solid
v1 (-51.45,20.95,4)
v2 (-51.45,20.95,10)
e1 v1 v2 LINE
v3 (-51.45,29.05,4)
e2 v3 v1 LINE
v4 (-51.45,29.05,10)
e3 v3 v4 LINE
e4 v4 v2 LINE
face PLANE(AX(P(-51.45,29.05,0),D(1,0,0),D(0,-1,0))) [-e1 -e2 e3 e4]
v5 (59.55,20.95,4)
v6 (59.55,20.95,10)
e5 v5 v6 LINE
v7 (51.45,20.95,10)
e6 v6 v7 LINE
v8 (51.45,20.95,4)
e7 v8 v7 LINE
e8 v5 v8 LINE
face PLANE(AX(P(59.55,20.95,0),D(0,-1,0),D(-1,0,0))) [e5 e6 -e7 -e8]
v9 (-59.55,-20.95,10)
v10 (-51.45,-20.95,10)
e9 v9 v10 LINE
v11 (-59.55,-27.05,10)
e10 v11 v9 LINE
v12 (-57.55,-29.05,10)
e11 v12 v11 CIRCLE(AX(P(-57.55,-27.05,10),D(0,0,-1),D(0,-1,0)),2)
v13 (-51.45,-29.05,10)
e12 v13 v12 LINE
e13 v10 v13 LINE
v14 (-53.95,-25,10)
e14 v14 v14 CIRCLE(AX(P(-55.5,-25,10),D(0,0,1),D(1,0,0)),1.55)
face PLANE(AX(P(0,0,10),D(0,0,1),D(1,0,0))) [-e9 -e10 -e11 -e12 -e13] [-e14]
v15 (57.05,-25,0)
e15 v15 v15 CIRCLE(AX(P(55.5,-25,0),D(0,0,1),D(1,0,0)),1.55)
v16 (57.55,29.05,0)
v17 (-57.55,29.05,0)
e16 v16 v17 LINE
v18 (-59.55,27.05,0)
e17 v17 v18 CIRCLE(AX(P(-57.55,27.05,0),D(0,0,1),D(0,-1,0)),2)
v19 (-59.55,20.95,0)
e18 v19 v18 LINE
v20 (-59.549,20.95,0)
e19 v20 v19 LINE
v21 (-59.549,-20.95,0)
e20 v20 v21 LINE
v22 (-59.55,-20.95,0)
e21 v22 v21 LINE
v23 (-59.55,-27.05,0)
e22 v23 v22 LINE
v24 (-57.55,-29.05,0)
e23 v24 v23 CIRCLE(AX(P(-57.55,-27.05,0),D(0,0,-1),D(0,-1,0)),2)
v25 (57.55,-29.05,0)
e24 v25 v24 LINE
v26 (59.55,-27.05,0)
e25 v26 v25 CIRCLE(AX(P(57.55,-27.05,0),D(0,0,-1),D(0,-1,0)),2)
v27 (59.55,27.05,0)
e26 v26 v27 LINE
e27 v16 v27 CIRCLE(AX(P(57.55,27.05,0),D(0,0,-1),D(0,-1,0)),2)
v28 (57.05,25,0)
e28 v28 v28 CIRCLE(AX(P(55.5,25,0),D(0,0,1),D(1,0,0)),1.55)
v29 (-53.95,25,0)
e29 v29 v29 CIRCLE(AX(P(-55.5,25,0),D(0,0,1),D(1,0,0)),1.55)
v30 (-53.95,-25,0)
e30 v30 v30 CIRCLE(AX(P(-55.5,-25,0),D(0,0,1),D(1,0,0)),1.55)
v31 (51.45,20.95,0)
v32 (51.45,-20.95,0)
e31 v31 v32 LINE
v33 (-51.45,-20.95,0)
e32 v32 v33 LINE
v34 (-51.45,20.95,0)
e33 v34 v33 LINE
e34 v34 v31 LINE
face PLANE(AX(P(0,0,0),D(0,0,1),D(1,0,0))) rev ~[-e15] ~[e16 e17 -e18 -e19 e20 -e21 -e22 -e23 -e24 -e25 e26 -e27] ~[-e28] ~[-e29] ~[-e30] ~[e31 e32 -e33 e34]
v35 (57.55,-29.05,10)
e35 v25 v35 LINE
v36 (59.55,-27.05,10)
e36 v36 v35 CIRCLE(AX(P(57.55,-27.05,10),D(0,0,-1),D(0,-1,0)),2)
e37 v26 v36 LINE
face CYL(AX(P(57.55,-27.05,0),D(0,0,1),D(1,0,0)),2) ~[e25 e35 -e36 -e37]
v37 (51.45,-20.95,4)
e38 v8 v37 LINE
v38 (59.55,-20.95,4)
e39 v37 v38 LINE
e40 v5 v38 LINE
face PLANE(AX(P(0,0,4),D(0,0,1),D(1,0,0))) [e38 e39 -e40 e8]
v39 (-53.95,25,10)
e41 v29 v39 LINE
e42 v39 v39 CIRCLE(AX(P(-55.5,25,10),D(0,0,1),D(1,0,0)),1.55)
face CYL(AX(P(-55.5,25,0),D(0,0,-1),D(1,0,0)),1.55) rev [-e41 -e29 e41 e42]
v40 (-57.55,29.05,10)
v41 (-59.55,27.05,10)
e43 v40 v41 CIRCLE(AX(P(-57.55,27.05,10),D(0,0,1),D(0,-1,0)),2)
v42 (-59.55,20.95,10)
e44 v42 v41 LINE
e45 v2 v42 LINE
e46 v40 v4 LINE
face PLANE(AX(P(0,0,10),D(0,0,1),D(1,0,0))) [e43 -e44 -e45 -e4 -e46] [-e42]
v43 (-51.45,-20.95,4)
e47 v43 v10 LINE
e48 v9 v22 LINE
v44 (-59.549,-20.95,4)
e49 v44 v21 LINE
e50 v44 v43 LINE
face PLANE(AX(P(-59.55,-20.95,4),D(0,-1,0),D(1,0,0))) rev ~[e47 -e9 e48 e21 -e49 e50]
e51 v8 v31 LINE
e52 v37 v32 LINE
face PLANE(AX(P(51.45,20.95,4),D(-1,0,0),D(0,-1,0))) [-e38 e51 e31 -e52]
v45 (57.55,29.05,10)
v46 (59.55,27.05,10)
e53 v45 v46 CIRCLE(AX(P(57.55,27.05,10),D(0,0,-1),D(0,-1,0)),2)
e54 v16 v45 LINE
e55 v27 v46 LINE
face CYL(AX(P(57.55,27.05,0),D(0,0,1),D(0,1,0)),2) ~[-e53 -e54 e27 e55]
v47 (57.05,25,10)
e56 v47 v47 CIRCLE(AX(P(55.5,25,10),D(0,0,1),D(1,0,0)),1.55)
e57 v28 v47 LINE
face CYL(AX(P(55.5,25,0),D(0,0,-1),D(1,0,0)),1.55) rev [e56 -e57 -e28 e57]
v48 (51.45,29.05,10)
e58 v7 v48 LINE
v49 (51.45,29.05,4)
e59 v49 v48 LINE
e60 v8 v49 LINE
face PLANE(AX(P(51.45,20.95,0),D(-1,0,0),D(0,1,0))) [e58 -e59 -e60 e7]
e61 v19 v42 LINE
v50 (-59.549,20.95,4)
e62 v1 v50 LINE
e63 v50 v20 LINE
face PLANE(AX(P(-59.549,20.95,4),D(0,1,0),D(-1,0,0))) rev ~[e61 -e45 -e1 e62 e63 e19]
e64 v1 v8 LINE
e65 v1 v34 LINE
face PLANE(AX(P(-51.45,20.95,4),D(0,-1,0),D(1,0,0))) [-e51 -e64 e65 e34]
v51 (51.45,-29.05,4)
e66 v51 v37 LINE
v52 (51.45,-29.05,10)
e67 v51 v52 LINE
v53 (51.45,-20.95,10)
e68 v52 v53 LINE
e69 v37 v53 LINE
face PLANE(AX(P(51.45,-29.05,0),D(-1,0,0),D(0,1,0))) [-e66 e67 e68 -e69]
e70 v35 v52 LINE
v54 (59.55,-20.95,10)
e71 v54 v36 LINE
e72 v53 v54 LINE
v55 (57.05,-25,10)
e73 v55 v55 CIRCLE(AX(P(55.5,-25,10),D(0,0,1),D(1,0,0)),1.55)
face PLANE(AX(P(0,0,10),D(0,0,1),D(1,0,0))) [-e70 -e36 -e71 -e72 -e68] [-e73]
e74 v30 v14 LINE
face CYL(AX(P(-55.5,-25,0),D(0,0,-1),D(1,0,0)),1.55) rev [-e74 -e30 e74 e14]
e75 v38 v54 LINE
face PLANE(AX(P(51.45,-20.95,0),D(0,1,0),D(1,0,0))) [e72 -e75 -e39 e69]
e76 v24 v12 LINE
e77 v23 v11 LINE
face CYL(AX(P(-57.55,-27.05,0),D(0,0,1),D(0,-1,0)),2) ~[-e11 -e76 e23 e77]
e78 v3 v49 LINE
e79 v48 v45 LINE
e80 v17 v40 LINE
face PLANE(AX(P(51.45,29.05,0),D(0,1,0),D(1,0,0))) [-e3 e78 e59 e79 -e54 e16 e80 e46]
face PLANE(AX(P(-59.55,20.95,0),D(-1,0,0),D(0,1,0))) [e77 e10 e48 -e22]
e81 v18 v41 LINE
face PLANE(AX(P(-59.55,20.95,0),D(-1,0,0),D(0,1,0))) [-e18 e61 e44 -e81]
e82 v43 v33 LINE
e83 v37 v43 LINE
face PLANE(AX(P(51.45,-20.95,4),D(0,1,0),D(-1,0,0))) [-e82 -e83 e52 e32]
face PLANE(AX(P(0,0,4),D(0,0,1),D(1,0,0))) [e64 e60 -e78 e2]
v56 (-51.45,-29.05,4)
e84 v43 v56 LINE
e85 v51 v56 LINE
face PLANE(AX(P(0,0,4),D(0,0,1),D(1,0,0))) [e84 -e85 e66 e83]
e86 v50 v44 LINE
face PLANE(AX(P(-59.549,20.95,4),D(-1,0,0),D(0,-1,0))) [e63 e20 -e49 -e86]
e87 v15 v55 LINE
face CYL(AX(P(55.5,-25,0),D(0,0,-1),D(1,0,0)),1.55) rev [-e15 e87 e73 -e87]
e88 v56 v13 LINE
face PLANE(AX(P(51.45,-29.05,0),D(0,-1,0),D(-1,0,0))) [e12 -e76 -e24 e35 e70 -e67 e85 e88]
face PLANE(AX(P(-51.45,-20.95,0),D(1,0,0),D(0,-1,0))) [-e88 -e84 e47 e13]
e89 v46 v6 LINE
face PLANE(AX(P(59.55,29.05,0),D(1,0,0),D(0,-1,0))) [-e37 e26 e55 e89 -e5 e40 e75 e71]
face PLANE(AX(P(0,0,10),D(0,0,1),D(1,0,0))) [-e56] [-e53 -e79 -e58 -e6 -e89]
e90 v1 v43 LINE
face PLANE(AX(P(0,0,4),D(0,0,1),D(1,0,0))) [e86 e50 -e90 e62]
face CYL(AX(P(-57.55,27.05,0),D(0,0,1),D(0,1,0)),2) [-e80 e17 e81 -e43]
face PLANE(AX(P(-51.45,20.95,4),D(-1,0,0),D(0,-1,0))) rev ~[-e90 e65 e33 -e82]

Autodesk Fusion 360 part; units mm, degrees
sketch "Base and Mounts" plane through (0, 0, 0) normal (0, 0, 1) x (1, 0, 0)
  line L0 (-55.5, 25) -> (55.5, 25) construction
  line L1 (55.5, 25) -> (55.5, -25) construction
  line L2 (55.5, -25) -> (-55.5, -25) construction
  line L3 (-55.5, -25) -> (-55.5, 25) construction
  line L4 (-55.5, 25) -> (55.5, -25) construction
  line L5 (55.5, 25) -> (-55.5, -25) construction
  circle A0 centre (-55.5, 25) radius 1.55
  circle A1 centre (55.5, 25) radius 1.55
  circle A2 centre (-55.5, -25) radius 1.55
  circle A3 centre (55.5, -25) radius 1.55
  line L6 (-59.55, 29.05) -> (-51.45, 29.05)
  line L7 (-51.45, 29.05) -> (-51.45, 20.95)
  line L8 (-51.45, 20.95) -> (-59.55, 20.95)
  line L9 (-59.55, 20.95) -> (-59.55, 29.05)
  line L10 (-59.55, 29.05) -> (-51.45, 20.95) construction
  line L11 (-51.45, 29.05) -> (-59.55, 20.95) construction
  line L12 (51.45, 29.05) -> (59.55, 29.05)
  line L13 (59.55, 29.05) -> (59.55, 20.95)
  line L14 (59.55, 20.95) -> (51.45, 20.95)
  line L15 (51.45, 20.95) -> (51.45, 29.05)
  line L16 (51.45, 29.05) -> (59.55, 20.95) construction
  line L17 (59.55, 29.05) -> (51.45, 20.95) construction
  line L18 (51.45, -20.95) -> (59.55, -20.95)
  line L19 (59.55, -20.95) -> (59.55, -29.05)
  line L20 (59.55, -29.05) -> (51.45, -29.05)
  line L21 (51.45, -29.05) -> (51.45, -20.95)
  line L22 (51.45, -20.95) -> (59.55, -29.05) construction
  line L23 (59.55, -20.95) -> (51.45, -29.05) construction
  line L24 (-59.55, -20.95) -> (-51.45, -20.95)
  line L25 (-51.45, -20.95) -> (-51.45, -29.05)
  line L26 (-51.45, -29.05) -> (-59.55, -29.05)
  line L27 (-59.55, -29.05) -> (-59.55, -20.95)
  line L28 (-59.55, -20.95) -> (-51.45, -29.05) construction
  line L29 (-51.45, -20.95) -> (-59.55, -29.05) construction
  line L30 (-51.45, 29.05) -> (51.45, 29.05)
  line L31 (59.55, 20.95) -> (59.55, -20.95)
  line L32 (51.45, -29.05) -> (-51.45, -29.05)
  line L33 (-59.55, -20.95) -> (-59.55, 20.95)
  point P0 (-55.5, 25)
  point P1 (55.5, 25)
  point P2 (55.5, -25)
  point P3 (-55.5, -25)
  dimension "d6" = 111
  dimension "d7" = 50
  dimension "d8" = 3.1
  dimension "d9" = 3.1
  dimension "d10" = 3.1
  dimension "d11" = 3.1
  dimension "d12" = 4.05
  dimension "d13" = 4.05
  dimension "d14" = 4.05
  dimension "d15" = 4.05
  dimension "d16" = 4.05
  dimension "d17" = 4.05
  dimension "d18" = 4.05
  dimension "d19" = 4.05
  dimension "d25" = 4.05
extrude "Extrude1" add sketch "Base and Mounts" along normal blind 10 contours L6 L7 L8 L9 | L12 L13 L14 L15 | L24 L25 L26 L27 | L18 L19 L20 L21 makes body 1 at (56.7356, 25.9359, 6.6667) makes body 2 at (55.4614, -23.4505, 6.6667) makes body 3 at (-55.5386, 26.5495, 6.6667) makes body 4 at (-54.2644, -24.0641, 6.6667)
extrude "Extrude2" add sketch "Base and Mounts" along normal blind 4 contours L7 L8 L14 L15 L18 L21 L24 L25 L30 L31 L32 L33 bodies 1 2 3 4
sketch "Cutouts" plane through (0, 0, 4) normal (0, 0, 1) x (-1, 0, 0)
  line L0 (51.45, 20.95) -> (51.45, 29.05)
  line L1 (51.45, 29.05) -> (-51.45, 29.05)
  line L2 (-51.45, 29.05) -> (-51.45, 20.95)
  line L3 (-51.45, 20.95) -> (-59.55, 20.95)
  line L4 (-59.55, 20.95) -> (-59.55, -20.95)
  line L5 (-59.55, -20.95) -> (-51.45, -20.95)
  line L6 (-51.45, -20.95) -> (-51.45, -29.05)
  line L7 (-51.45, -29.05) -> (51.45, -29.05)
  line L8 (51.45, -29.05) -> (51.45, -20.95)
  line L9 (51.45, -20.95) -> (59.55, -20.95)
  line L10 (59.55, -20.95) -> (59.55, 20.95)
  line L11 (59.55, 20.95) -> (51.45, 20.95)
  line L12 (59.55, -20.95) -> (59.549, -20.95)
  line L13 (59.549, -20.95) -> (59.549, 20.95)
  line L14 (59.549, 20.95) -> (59.55, 20.95)
  line L15 (59.55, 20.95) -> (59.55, -20.95)
  line L16 (59.549, -20.95) -> (51.449, -20.95)
  line L17 (51.449, -20.95) -> (51.449, 20.95)
  line L18 (51.449, 20.95) -> (59.549, 20.95)
  line L19 (59.549, 20.95) -> (59.549, -20.95)
  line L20 (51.449, -20.95) -> (-51.45, -20.95)
  line L21 (-51.45, -20.95) -> (-51.45, 20.95)
  line L22 (-51.45, 20.95) -> (51.449, 20.95)
  line L23 (51.449, 20.95) -> (51.449, -20.95)
  point P0 (59.55, 20.95)
  dimension "d27" = 0.001
  dimension "d28" = 8.1
  dimension "d29" = 41.9
  dimension "d30" = 8.101
  dimension "d41" = 41.9
  dimension "d42" = 41.9
extrude "Extrude3" cut sketch "Cutouts" against normal up to surface (4 mm away) contours L17 L20 L21 L22 L23 bodies 1
extrude "Extrude4" cut sketch "Cutouts" against normal up to surface (4 mm away) contours L9 L10 L11 L12 L13 L14 L15 L19 bodies 1
fillet "Fillet5" radius 2 4 edges at (59.55, -29.05, 5) (-59.55, -29.05, 5) (-59.55, 29.05, 5) (59.55, 29.05, 5) on bodies 1
equation "HoleSpacingX = 50 mm"
equation "HoleSpacingY = 111 mm"
equation "ThreadedInsertDiameter = 3.1 mm"
equation "ThreadedInsertHeight = 4 mm"
equation "ThreadedInsertClearance = 2.5 mm"
equation "d6 = HoleSpacingY"
equation "d7 = HoleSpacingX"
equation "d8 = ThreadedInsertDiameter"
equation "d9 = ThreadedInsertDiameter"
equation "d10 = ThreadedInsertDiameter"
equation "d11 = ThreadedInsertDiameter"
equation "d12 = ThreadedInsertClearance + ( ThreadedInsertDiameter / 2 )"
equation "d13 = d12"
equation "d14 = d12"
equation "d15 = d12"
equation "d16 = d12"
equation "d17 = d12"
equation "d18 = d12"
equation "d19 = d12"
equation "MountHeight = 6 mm"
equation "d21 = MountHeight + ThreadedInsertHeight"
equation "d23 = ThreadedInsertHeight"
equation "d25 = d12"
equation "DebugHeaderCutoutWidth = 0.001 mm"
equation "d27 = DebugHeaderCutoutWidth"
equation "d28 = 2 * d12"
equation "d29 = d42"
equation "d41 = d42"
